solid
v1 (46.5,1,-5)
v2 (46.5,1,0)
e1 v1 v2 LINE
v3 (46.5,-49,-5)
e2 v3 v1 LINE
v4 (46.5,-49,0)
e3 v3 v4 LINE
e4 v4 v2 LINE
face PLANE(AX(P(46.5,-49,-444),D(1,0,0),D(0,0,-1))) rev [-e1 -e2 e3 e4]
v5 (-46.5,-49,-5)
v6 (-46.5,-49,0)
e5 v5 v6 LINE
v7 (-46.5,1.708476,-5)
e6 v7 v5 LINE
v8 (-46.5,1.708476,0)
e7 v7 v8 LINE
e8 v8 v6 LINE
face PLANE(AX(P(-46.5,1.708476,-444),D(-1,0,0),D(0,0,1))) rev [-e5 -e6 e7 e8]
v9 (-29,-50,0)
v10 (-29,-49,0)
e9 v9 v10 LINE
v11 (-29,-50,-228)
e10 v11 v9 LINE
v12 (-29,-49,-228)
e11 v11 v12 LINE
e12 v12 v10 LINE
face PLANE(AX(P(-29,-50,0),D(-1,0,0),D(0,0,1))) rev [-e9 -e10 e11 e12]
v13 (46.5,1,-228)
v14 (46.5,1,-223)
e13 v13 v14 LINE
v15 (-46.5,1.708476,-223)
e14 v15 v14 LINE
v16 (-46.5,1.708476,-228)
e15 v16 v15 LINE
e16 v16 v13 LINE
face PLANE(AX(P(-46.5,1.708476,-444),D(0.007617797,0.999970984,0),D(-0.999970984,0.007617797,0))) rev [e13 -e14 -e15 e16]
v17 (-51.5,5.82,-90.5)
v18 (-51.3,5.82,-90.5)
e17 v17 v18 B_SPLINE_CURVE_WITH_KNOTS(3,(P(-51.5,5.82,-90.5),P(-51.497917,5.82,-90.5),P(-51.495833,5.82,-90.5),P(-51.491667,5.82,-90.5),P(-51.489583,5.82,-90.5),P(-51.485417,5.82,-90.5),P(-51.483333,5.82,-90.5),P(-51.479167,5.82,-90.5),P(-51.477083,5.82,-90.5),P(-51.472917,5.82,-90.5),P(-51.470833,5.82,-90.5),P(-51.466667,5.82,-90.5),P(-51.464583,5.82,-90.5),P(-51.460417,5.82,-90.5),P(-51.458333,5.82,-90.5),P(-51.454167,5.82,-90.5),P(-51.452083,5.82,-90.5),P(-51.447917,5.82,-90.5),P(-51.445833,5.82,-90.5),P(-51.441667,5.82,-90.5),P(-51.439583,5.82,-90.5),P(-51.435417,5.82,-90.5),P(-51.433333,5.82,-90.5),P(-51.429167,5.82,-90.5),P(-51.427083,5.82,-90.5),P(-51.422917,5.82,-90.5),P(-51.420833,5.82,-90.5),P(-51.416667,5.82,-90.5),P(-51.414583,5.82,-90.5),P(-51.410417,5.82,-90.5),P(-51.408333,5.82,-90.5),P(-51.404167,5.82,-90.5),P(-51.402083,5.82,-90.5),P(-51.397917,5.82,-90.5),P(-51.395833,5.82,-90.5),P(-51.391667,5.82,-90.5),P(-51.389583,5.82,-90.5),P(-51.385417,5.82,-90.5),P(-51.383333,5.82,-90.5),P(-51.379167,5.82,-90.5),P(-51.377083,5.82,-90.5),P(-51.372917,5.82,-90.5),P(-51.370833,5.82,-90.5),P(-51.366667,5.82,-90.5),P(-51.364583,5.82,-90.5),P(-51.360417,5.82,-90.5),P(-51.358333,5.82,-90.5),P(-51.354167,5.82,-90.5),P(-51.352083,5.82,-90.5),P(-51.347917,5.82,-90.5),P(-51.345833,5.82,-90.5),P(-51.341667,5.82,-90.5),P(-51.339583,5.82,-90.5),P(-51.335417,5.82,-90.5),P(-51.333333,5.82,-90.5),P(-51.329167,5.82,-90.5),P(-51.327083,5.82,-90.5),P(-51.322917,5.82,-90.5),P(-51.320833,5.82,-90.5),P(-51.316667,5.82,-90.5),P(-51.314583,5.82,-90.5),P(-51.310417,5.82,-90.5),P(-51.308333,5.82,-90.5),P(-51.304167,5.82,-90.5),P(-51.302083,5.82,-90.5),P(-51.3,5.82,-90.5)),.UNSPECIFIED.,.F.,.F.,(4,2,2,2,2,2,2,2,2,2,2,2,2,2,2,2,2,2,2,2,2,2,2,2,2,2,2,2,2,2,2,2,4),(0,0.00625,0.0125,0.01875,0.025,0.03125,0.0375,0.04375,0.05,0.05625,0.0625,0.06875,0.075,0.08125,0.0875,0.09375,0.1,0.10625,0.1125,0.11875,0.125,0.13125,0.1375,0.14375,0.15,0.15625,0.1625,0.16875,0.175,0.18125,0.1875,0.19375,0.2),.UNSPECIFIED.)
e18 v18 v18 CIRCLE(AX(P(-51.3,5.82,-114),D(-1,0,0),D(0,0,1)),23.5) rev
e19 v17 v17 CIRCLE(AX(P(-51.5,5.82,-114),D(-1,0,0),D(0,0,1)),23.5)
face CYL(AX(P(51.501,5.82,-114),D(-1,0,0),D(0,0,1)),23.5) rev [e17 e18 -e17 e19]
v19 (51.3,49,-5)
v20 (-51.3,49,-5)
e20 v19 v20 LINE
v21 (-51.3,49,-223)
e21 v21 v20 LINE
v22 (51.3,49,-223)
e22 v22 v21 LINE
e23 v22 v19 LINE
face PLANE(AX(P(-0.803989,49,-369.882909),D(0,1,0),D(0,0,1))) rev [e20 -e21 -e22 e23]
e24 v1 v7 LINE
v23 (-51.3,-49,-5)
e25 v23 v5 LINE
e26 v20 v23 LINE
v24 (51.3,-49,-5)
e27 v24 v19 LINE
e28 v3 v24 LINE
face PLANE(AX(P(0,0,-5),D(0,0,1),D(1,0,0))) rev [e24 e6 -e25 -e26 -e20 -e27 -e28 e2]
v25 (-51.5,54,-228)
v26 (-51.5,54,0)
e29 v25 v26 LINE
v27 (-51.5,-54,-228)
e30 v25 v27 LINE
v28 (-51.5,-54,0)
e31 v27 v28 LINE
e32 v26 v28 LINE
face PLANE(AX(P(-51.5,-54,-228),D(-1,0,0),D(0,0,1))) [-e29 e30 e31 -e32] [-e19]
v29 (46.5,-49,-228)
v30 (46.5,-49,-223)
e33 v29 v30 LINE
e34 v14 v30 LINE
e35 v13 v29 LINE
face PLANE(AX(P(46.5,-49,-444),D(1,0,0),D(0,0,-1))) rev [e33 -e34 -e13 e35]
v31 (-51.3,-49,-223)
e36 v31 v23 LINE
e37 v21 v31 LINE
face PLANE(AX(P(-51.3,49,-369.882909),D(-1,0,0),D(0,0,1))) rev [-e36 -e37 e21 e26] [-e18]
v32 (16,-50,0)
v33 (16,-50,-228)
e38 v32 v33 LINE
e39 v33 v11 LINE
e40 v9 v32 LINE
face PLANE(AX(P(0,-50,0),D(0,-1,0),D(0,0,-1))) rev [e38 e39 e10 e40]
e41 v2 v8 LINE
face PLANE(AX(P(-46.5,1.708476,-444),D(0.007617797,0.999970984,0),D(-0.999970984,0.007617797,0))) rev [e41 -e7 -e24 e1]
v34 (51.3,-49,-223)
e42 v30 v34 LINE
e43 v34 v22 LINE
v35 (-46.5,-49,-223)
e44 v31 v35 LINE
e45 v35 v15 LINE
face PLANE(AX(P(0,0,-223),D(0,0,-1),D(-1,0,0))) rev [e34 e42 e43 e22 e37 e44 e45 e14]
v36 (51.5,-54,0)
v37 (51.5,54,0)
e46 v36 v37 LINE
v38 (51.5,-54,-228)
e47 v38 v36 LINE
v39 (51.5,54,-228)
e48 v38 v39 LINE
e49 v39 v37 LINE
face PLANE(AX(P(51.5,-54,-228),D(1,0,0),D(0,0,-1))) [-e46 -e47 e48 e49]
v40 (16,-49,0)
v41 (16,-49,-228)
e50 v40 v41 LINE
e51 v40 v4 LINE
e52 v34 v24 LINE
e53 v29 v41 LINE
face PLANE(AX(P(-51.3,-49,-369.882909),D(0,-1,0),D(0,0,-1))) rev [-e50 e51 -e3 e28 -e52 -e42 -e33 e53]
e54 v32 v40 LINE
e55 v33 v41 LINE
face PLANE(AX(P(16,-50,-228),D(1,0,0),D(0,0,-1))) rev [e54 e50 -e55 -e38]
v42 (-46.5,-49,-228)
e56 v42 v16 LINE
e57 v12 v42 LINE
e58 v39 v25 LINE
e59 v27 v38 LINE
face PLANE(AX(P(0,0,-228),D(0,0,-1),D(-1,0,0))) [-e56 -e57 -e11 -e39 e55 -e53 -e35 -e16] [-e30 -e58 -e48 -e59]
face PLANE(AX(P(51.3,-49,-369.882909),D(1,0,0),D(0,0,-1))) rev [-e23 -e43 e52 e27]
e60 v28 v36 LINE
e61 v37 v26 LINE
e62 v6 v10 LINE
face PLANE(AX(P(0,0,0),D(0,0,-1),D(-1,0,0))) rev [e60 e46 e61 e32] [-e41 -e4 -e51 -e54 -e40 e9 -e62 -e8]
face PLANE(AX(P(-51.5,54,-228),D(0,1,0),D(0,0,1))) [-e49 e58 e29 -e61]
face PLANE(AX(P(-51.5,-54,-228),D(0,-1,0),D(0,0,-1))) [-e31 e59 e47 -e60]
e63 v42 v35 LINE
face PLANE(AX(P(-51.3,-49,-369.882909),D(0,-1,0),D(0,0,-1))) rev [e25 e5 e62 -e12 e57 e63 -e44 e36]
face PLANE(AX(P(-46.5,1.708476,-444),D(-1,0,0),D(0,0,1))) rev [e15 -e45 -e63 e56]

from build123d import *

# Parameters (mm, degrees)
SKETCH_1_W          = 103
SKETCH_1_H          = 108
EXTRUDE_1_DEPTH     = 228
CUT_EXTRUDE_START   = -5
CUT_EXTRUDE_1_DEPTH = 218
SKETCH_3_R          = 8
CUT_EXTRUDE_2_DEPTH = 363
CUT_EXTRUDE_3_REACH = 257.947
SKETCH_4_R          = 23.5
CUT_EXTRUDE_5_DEPTH = 444
CUT_EXTRUDE_6_DEPTH = 1


with BuildPart() as part:
    # 草图1 → 凸台-拉伸1 (new body)
    with BuildSketch(Plane.XY):
        Rectangle(SKETCH_1_W, SKETCH_1_H)
    extrude(amount=-EXTRUDE_1_DEPTH)

    # 草图2 → 切除-拉伸1 (cut)
    with BuildSketch(Plane.XY.offset(CUT_EXTRUDE_START)):
        Polygon((-51.3, -49), (51.3, -49), (51.3, 49), (-0.803988537, 49), (-51.3, 49), align=None)
    extrude(amount=-CUT_EXTRUDE_1_DEPTH, mode=Mode.SUBTRACT)

    # 草图3 → 切除-拉伸2 (cut)
    with BuildSketch(Plane.XY):
        with Locations((21.4, -24.37)):
            Circle(SKETCH_3_R)
    extrude(amount=-CUT_EXTRUDE_2_DEPTH, mode=Mode.SUBTRACT)

    # 草图4 → 切除-拉伸3 (cut, up to next)
    with BuildSketch(Plane.ZY.offset(51.5), mode=Mode.PRIVATE) as cut_extrude_3_sk1:
        with Locations((-114, 5.82)):
            Circle(SKETCH_4_R)
    cut_extrude_3_tool1 = extrude(cut_extrude_3_sk1.sketch, amount=-CUT_EXTRUDE_3_REACH, mode=Mode.PRIVATE) & part.part
    add(cut_extrude_3_tool1.solids().sort_by_distance((-51.5, 5.82, -114))[0], mode=Mode.SUBTRACT)

    # 草图8 → 切除-拉伸5 (cut)
    with BuildSketch(Plane.XY):
        Polygon((0, -49), (46.5, -49), (46.5, 1), (-46.5, 1.708475641), (-46.5, -49), align=None)
    extrude(amount=-CUT_EXTRUDE_5_DEPTH, mode=Mode.SUBTRACT)

    # 草图9 → 切除-拉伸6 (cut)
    with BuildSketch(Plane(origin=(0, -49, 0), x_dir=(1, 0, 0), z_dir=(0, 1, 0))):
        Polygon((-29, 228), (11, 228), (16, 228), (16, 0), (-29, 0), align=None)
    extrude(amount=-CUT_EXTRUDE_6_DEPTH, mode=Mode.SUBTRACT)


solid = part.part
